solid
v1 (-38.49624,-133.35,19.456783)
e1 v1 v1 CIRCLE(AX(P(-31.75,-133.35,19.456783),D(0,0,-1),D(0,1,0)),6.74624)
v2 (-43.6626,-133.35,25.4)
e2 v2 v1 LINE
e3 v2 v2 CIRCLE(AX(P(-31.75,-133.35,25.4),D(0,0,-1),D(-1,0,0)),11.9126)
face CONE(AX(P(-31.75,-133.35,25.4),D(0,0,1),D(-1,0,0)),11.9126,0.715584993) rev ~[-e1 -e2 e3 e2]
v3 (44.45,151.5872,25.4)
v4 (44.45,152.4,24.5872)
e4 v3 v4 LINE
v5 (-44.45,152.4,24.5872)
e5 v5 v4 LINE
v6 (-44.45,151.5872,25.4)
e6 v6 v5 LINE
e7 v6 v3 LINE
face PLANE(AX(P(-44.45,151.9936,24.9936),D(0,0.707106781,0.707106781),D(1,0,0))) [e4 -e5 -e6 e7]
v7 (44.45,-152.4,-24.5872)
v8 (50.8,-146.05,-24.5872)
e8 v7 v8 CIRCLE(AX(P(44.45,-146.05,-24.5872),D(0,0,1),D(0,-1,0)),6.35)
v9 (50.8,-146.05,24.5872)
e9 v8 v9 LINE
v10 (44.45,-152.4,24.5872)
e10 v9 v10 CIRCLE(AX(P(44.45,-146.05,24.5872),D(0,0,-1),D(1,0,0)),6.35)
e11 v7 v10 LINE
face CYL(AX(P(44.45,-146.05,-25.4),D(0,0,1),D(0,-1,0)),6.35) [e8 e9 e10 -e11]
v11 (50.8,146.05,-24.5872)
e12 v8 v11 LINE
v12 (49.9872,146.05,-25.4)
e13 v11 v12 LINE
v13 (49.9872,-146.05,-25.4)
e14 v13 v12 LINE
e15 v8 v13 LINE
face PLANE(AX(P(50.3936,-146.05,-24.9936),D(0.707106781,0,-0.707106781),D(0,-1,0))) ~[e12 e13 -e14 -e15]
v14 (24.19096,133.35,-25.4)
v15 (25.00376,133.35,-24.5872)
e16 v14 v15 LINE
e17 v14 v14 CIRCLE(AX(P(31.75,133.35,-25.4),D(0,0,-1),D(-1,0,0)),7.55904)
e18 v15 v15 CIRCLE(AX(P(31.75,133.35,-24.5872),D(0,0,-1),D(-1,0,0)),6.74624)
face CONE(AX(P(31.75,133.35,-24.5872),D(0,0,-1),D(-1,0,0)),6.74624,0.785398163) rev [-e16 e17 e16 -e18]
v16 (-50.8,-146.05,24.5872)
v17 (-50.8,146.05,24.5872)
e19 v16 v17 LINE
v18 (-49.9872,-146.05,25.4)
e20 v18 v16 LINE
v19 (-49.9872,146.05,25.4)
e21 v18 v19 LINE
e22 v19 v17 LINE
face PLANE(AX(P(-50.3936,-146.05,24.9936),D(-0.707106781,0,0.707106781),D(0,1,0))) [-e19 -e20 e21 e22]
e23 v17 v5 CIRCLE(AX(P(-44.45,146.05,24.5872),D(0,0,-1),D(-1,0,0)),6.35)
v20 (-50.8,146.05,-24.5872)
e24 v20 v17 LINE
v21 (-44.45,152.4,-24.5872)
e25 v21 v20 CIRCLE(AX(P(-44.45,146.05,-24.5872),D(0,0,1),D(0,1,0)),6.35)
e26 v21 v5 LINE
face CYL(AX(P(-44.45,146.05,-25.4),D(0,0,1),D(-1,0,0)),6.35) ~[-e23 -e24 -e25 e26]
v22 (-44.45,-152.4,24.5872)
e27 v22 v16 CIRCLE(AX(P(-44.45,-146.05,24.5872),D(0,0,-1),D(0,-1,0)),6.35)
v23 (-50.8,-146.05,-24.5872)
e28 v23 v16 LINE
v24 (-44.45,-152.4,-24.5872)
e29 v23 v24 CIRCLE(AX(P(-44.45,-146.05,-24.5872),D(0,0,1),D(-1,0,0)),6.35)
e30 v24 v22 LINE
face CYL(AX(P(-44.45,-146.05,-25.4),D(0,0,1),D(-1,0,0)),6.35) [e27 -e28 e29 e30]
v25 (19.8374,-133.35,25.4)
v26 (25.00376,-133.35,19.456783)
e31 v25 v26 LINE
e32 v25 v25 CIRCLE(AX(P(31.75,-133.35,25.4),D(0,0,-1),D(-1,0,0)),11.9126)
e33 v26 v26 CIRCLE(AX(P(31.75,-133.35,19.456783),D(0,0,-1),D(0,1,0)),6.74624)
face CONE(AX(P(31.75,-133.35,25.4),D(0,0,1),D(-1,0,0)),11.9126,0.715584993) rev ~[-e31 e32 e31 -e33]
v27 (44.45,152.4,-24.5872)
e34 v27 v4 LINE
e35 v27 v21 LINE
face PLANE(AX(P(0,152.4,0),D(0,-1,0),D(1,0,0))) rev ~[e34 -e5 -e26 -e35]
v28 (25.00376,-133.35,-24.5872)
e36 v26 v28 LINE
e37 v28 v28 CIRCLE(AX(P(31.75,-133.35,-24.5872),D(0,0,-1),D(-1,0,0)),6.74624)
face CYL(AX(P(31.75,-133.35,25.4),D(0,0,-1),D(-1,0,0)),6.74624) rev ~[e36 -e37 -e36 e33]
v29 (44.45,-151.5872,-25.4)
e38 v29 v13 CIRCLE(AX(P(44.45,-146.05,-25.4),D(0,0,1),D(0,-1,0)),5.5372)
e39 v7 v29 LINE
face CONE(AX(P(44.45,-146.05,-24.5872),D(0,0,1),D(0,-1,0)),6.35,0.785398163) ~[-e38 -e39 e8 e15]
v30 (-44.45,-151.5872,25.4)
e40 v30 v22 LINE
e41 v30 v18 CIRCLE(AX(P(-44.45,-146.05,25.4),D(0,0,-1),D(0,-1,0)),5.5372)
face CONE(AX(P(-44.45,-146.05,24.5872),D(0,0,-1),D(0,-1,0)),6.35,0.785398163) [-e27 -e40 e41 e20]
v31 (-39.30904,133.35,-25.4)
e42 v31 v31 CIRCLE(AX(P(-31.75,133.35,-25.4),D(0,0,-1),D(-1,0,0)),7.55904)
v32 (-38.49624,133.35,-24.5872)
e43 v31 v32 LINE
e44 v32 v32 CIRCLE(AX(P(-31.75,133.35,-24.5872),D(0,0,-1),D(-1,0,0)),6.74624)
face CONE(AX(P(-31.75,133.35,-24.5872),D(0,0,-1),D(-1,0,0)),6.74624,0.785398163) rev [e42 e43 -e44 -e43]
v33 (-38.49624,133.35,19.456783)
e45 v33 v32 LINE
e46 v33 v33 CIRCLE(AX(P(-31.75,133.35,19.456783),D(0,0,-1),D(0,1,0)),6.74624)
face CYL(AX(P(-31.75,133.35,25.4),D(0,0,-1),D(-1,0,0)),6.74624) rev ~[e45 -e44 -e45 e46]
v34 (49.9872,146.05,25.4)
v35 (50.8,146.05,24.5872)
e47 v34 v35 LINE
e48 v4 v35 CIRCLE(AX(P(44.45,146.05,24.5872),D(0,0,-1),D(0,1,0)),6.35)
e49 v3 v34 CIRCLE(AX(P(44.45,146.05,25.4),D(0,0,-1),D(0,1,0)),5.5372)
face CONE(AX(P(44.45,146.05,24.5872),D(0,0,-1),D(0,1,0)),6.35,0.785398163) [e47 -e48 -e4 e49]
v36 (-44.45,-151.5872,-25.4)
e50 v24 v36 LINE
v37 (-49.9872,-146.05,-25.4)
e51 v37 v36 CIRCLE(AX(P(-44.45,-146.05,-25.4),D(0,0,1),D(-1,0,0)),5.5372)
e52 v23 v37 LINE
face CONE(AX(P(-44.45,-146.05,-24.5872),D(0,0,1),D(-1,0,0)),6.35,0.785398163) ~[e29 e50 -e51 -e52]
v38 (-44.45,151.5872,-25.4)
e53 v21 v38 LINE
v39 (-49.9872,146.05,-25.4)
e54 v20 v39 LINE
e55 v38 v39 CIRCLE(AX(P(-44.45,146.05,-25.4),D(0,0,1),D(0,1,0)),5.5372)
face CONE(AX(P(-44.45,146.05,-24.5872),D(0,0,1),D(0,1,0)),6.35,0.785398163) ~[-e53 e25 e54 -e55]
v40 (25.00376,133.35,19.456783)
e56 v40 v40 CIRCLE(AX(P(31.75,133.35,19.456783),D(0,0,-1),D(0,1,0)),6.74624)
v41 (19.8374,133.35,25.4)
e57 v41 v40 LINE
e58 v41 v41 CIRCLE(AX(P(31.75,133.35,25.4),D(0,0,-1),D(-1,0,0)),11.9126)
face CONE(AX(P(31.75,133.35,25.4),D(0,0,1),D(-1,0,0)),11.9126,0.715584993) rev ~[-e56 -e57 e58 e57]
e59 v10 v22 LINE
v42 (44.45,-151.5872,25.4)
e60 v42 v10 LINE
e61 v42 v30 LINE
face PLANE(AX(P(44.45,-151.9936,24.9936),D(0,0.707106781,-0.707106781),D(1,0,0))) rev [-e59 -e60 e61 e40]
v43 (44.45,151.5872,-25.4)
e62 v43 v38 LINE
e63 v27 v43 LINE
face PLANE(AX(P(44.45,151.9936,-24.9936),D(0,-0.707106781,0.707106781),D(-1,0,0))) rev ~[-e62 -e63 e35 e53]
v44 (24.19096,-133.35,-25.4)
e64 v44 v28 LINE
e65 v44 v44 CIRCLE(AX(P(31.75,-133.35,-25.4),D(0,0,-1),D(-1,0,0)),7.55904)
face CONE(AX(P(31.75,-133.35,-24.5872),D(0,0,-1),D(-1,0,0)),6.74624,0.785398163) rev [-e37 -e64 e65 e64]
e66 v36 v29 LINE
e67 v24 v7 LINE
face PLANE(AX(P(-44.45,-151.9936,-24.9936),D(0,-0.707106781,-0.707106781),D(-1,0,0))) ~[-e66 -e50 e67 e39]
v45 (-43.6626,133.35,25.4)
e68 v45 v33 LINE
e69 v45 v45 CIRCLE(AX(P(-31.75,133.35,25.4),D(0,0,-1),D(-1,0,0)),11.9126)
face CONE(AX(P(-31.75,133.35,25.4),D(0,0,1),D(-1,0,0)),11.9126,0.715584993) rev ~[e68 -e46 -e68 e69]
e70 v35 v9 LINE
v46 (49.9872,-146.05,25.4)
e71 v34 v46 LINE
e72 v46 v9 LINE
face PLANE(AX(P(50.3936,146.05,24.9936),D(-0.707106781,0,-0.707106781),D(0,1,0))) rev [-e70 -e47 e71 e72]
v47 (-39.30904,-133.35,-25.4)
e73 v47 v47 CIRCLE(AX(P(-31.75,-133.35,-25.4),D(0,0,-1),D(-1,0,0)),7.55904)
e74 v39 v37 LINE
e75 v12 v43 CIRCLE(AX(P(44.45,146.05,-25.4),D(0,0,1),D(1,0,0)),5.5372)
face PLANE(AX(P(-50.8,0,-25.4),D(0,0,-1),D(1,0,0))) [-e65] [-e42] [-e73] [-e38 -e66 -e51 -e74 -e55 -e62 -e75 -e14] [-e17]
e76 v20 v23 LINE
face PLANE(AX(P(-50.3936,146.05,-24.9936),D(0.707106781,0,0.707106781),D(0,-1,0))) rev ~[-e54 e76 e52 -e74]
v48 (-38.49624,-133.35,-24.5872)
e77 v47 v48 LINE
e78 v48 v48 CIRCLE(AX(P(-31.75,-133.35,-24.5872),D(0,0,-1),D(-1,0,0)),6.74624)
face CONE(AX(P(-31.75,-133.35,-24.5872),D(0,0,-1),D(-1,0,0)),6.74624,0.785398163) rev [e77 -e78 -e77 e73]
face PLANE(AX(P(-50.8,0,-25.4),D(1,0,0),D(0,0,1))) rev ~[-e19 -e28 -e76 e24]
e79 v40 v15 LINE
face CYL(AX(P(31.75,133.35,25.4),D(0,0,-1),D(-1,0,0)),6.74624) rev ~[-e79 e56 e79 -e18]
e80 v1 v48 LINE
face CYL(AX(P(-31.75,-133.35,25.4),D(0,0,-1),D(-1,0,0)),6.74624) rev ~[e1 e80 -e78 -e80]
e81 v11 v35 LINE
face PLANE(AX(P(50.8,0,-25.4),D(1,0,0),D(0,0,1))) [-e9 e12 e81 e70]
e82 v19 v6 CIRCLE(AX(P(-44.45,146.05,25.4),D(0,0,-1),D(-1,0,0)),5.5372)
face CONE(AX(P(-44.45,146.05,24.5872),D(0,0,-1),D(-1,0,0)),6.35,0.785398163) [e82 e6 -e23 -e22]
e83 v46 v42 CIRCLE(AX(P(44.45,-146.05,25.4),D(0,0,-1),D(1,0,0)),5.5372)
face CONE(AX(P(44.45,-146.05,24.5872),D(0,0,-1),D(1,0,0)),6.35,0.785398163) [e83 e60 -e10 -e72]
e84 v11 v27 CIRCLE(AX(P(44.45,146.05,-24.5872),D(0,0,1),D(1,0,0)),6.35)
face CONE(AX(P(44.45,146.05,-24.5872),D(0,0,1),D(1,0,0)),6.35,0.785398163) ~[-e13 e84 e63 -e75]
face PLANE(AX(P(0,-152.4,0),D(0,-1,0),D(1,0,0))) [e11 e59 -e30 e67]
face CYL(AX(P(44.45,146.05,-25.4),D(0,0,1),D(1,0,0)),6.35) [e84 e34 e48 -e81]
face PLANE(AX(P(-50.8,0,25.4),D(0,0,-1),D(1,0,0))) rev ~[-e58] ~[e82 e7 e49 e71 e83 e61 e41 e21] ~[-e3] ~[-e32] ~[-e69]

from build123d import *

# Parameters (mm, degrees)
F0_W           = 101.6
F0_H           = 50.8
F1_DEPTH       = 152.4
F3_D           = 13.49248
F3_CSINK_D     = 23.8252
F3_CSINK_ANGLE = 82
F4_R           = 6.35
F5_SIZE        = 0.8128


with BuildPart() as f1:
    # F0 (on Front) → F1 (new body, symmetric)
    with BuildSketch(Plane.XZ):
        Rectangle(F0_W, F0_H)
    extrude(amount=F1_DEPTH, both=True)

    # F3 (through all)
    with Locations(Plane.XY.offset(25.4)):
        with Locations((-31.75, 133.35), (31.75, 133.35), (31.75, -133.35), (-31.75, -133.35)):
            CounterSinkHole(F3_D / 2, F3_CSINK_D / 2, counter_sink_angle=F3_CSINK_ANGLE)

    # F4
    f4_edges = [f1.edges().sort_by_distance(p)[0] for p in [
        (50.8, -152.4, 0),
        (50.8, 152.4, 0),
        (-50.8, -152.4, 0),
        (-50.8, 152.4, 0),
    ]]
    fillet(f4_edges, radius=F4_R)

    # F5
    f5_edges = [f1.edges().sort_by_distance(p)[0] for p in [
        (0, 152.4, 25.4),
        (50.8, 0, 25.4),
        (0, -152.4, 25.4),
        (-50.8, 0, 25.4),
        (-50.8, 0, -25.4),
        (-48.940128, 150.540128, -25.4),
        (-48.940128, -150.540128, -25.4),
        (0, 152.4, -25.4),
        (0, -152.4, -25.4),
        (48.940128, 150.540128, -25.4),
        (48.940128, -150.540128, -25.4),
        (50.8, 0, -25.4),
        (-38.49624, 133.35, -25.4),
        (25.00376, 133.35, -25.4),
        (-38.49624, -133.35, -25.4),
        (25.00376, -133.35, -25.4),
    ]]
    chamfer(f5_edges, length=F5_SIZE)


solid = f1.part
